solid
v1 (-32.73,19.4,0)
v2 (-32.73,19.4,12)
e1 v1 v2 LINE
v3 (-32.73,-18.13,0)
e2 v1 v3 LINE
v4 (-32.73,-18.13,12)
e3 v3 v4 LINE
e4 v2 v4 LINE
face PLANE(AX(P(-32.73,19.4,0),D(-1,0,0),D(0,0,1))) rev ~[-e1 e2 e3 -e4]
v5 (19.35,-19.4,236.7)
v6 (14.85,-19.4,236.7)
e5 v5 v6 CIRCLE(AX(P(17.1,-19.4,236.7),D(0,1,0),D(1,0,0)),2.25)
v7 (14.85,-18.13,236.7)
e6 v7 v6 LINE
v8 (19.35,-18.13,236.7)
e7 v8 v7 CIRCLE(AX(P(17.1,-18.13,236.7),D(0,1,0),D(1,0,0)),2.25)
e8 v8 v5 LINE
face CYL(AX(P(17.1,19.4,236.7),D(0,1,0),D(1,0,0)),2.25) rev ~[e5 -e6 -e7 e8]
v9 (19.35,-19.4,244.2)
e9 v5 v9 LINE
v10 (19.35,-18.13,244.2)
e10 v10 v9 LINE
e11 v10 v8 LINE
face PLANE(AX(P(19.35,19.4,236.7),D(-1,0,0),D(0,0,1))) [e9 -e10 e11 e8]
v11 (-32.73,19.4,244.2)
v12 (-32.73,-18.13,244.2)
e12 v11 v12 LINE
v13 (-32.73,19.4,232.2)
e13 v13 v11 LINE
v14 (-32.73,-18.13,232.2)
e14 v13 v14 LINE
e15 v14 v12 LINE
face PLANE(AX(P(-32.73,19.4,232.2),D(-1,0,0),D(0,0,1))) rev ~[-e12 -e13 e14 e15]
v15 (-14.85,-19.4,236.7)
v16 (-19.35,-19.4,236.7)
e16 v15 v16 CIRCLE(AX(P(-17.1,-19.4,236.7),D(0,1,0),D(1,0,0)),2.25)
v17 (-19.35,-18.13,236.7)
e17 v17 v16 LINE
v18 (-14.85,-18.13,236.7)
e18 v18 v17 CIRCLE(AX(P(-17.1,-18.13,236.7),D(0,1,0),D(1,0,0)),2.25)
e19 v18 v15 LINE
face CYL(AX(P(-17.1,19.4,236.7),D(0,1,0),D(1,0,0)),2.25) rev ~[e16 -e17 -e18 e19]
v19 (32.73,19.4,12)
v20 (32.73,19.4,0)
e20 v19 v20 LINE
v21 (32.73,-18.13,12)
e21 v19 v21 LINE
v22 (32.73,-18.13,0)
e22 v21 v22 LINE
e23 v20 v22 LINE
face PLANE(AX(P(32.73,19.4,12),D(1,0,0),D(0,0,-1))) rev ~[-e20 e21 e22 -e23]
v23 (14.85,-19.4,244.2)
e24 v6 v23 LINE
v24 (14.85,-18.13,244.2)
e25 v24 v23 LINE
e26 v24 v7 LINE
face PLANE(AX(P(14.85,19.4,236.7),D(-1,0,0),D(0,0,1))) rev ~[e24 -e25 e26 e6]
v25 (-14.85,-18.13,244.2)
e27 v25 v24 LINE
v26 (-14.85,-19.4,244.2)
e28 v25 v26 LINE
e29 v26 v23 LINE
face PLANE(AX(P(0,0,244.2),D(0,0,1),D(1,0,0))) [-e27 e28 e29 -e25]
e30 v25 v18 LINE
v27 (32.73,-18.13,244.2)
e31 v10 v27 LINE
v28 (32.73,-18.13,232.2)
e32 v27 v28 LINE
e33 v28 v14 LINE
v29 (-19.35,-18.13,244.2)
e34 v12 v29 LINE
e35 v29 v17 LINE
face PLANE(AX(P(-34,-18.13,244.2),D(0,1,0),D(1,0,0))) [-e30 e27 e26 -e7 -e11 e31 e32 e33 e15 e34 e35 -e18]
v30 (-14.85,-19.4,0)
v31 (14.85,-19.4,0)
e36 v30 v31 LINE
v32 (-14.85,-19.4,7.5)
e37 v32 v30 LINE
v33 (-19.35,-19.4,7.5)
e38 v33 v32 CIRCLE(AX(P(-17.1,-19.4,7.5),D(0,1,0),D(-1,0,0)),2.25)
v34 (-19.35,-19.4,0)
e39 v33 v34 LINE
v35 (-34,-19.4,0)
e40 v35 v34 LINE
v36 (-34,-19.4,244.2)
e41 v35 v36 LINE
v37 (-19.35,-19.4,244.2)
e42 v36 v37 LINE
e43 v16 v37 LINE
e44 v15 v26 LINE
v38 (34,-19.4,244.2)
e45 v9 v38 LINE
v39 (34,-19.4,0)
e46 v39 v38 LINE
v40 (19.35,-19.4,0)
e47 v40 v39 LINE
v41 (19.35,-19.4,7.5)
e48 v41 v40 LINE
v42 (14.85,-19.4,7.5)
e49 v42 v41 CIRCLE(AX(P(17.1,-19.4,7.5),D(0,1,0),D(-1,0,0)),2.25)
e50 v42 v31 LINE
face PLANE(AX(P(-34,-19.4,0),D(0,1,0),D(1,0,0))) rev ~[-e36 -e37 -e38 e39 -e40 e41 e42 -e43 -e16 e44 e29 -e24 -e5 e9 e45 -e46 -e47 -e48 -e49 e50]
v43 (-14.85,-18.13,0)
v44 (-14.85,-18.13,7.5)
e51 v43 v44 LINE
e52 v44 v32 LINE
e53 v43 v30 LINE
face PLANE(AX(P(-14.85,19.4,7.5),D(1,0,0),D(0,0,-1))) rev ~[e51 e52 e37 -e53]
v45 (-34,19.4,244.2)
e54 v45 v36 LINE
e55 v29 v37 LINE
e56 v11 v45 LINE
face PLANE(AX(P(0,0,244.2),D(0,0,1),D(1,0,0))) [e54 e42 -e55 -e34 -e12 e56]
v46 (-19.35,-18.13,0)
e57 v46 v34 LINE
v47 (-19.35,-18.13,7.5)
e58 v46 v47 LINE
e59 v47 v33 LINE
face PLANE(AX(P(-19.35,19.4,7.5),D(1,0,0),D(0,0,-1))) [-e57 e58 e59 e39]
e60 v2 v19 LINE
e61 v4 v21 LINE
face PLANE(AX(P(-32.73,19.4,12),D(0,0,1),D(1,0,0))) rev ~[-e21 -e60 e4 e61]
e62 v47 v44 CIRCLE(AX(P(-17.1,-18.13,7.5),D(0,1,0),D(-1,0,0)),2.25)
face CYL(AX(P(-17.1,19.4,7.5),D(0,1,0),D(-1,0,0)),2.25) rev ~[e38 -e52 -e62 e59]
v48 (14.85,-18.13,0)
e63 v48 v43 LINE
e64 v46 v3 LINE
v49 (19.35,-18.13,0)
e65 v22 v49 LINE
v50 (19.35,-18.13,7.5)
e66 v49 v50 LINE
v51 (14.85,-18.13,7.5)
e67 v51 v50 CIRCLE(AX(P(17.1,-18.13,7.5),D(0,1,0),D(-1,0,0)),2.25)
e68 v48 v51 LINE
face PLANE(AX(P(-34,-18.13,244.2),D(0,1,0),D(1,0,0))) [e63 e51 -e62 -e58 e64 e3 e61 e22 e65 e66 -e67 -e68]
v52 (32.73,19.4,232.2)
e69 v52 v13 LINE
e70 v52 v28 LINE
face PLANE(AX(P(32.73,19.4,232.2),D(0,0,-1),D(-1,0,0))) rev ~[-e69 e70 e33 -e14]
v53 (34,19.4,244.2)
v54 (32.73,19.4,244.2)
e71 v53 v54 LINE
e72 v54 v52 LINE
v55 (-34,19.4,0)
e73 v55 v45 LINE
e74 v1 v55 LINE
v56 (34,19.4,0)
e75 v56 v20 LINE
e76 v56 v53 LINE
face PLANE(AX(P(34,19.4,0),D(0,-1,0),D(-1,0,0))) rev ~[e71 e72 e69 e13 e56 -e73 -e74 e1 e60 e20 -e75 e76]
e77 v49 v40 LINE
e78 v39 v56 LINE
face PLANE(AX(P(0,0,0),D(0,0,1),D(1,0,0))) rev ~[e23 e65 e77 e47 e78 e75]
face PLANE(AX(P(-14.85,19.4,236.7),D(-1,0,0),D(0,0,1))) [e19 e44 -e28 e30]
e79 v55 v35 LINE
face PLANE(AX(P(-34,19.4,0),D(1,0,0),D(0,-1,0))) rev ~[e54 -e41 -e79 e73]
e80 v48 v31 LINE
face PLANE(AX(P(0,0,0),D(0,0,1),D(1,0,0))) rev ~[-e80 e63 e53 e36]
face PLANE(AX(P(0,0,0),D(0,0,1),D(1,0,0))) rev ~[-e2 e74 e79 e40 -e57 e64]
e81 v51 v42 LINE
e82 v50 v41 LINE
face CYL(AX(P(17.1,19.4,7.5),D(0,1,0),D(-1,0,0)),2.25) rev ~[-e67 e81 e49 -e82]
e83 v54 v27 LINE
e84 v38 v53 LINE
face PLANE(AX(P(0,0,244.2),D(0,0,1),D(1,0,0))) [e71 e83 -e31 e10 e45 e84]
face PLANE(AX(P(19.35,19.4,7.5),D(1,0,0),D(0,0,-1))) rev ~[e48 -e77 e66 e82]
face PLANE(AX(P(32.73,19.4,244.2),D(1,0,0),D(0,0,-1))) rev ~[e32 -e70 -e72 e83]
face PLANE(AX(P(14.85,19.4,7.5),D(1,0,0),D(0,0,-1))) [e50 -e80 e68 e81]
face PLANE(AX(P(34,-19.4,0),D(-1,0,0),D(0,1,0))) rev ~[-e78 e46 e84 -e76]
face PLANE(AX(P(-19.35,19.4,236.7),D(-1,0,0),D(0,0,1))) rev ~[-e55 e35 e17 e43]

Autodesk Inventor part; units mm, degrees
ref_plane "YZ Plane" through (0, 0, 0) normal (1, 0, 0) x (0, 1, 0)
ref_plane "XZ Plane" through (0, 0, 0) normal (0, 1, 0) x (-1, 0, 0)
sketch "Sketch1" plane through (0, 0, 0) normal (0, 0, 1) x (1, 0, 0)
  line L0 (-34, -19.4) -> (34, -19.4)
  line L1 (34, -19.4) -> (34, 19.4)
  line L2 (34, 19.4) -> (-34, 19.4)
  line L3 (-34, 19.4) -> (-34, -19.4)
  line L4 (-34, -19.4) -> (34, 19.4) construction
  line L5 (34, -19.4) -> (-34, 19.4) construction
  point P0 (0, 0)
  dimension "d0" = 68
  dimension "d1" = 38.8
extrude "Extrusion1" add sketch "Sketch1" along normal blind 244.2
sketch "Sketch2" plane through (-34, 19.4, 0) normal (0, 1, 0) x (1, 0, 0)
  line L0 (68, -244.2) -> (0, -244.2) projected
  line L1 (68, 0) -> (0, 0) projected
  arc A0 (19.15, -236.7) -> (14.65, -236.7) centre (16.9, -236.7) ccw
  arc A1 (53.35, -236.7) -> (48.85, -236.7) centre (51.1, -236.7) ccw
  arc A2 (48.85, -7.5) -> (53.35, -7.5) centre (51.1, -7.5) ccw
  arc A3 (14.65, -7.5) -> (19.15, -7.5) centre (16.9, -7.5) ccw
  line L2 (16.9, -236.7) -> (16.9, -7.5) construction
  line L3 (16.9, -7.5) -> (51.1, -7.5) construction
  line L4 (51.1, -7.5) -> (51.1, -236.7) construction
  line L5 (16.9, -236.7) -> (16.9, -244.2) construction
  line L6 (16.9, -7.5) -> (16.9, 0) construction
  line L7 (16.9, -7.5) -> (0, 0) construction
  line L8 (51.1, -7.5) -> (68, 0) construction
  line L9 (48.85, -236.7) -> (48.85, -244.2)
  line L10 (53.35, -236.7) -> (53.35, -244.2)
  line L11 (14.65, -236.7) -> (14.65, -244.2)
  line L12 (19.15, -236.7) -> (19.15, -244.2)
  line L13 (19.15, -7.5) -> (19.15, 0)
  line L14 (14.65, -7.5) -> (14.65, 0)
  line L15 (53.35, -7.5) -> (53.35, 0)
  line L16 (48.85, -7.5) -> (48.85, 0)
  point P0 (34, 0)
  dimension "d4" = 2.25
  dimension "d5" = 229.2
  dimension "d6" = 34.2
extrude "Extrusion2" cut sketch "Sketch2" against normal up to surface (38.8 mm away)
ref_plane "Work Plane1" through (34, -18.13, 0) normal (0, -1, 0) x (1, 0, 0)
sketch "Sketch3" plane through (-34, 19.4, 244.2) normal (0, 1, 0) x (1, 0, 0)
  line L0 (0, 244.2) -> (0, 0) projected
  line L1 (68, 244.2) -> (68, 0) projected
  line L2 (66.73, 0) -> (66.73, 12)
  line L3 (66.73, 12) -> (1.27, 12)
  line L4 (1.27, 12) -> (1.27, 0)
  line L5 (1.27, 0) -> (66.73, 0)
  line L6 (1.27, 0) -> (0, 0) construction
  line L7 (68, 0) -> (66.73, 0) construction
  line L8 (1.27, 232.2) -> (66.73, 232.2)
  line L9 (66.73, 232.2) -> (66.73, 244.2)
  line L10 (66.73, 244.2) -> (1.27, 244.2)
  line L11 (1.27, 244.2) -> (1.27, 232.2)
  line L12 (1.27, 244.2) -> (0, 244.2) construction
  point P0 (34, 244.2)
  dimension "d9" = 1.27
  dimension "d14" = 220.2
extrude "Extrusion3" cut sketch "Sketch3" against normal up to surface (37.53 mm away)
properties part number "UHP-1500-230"
